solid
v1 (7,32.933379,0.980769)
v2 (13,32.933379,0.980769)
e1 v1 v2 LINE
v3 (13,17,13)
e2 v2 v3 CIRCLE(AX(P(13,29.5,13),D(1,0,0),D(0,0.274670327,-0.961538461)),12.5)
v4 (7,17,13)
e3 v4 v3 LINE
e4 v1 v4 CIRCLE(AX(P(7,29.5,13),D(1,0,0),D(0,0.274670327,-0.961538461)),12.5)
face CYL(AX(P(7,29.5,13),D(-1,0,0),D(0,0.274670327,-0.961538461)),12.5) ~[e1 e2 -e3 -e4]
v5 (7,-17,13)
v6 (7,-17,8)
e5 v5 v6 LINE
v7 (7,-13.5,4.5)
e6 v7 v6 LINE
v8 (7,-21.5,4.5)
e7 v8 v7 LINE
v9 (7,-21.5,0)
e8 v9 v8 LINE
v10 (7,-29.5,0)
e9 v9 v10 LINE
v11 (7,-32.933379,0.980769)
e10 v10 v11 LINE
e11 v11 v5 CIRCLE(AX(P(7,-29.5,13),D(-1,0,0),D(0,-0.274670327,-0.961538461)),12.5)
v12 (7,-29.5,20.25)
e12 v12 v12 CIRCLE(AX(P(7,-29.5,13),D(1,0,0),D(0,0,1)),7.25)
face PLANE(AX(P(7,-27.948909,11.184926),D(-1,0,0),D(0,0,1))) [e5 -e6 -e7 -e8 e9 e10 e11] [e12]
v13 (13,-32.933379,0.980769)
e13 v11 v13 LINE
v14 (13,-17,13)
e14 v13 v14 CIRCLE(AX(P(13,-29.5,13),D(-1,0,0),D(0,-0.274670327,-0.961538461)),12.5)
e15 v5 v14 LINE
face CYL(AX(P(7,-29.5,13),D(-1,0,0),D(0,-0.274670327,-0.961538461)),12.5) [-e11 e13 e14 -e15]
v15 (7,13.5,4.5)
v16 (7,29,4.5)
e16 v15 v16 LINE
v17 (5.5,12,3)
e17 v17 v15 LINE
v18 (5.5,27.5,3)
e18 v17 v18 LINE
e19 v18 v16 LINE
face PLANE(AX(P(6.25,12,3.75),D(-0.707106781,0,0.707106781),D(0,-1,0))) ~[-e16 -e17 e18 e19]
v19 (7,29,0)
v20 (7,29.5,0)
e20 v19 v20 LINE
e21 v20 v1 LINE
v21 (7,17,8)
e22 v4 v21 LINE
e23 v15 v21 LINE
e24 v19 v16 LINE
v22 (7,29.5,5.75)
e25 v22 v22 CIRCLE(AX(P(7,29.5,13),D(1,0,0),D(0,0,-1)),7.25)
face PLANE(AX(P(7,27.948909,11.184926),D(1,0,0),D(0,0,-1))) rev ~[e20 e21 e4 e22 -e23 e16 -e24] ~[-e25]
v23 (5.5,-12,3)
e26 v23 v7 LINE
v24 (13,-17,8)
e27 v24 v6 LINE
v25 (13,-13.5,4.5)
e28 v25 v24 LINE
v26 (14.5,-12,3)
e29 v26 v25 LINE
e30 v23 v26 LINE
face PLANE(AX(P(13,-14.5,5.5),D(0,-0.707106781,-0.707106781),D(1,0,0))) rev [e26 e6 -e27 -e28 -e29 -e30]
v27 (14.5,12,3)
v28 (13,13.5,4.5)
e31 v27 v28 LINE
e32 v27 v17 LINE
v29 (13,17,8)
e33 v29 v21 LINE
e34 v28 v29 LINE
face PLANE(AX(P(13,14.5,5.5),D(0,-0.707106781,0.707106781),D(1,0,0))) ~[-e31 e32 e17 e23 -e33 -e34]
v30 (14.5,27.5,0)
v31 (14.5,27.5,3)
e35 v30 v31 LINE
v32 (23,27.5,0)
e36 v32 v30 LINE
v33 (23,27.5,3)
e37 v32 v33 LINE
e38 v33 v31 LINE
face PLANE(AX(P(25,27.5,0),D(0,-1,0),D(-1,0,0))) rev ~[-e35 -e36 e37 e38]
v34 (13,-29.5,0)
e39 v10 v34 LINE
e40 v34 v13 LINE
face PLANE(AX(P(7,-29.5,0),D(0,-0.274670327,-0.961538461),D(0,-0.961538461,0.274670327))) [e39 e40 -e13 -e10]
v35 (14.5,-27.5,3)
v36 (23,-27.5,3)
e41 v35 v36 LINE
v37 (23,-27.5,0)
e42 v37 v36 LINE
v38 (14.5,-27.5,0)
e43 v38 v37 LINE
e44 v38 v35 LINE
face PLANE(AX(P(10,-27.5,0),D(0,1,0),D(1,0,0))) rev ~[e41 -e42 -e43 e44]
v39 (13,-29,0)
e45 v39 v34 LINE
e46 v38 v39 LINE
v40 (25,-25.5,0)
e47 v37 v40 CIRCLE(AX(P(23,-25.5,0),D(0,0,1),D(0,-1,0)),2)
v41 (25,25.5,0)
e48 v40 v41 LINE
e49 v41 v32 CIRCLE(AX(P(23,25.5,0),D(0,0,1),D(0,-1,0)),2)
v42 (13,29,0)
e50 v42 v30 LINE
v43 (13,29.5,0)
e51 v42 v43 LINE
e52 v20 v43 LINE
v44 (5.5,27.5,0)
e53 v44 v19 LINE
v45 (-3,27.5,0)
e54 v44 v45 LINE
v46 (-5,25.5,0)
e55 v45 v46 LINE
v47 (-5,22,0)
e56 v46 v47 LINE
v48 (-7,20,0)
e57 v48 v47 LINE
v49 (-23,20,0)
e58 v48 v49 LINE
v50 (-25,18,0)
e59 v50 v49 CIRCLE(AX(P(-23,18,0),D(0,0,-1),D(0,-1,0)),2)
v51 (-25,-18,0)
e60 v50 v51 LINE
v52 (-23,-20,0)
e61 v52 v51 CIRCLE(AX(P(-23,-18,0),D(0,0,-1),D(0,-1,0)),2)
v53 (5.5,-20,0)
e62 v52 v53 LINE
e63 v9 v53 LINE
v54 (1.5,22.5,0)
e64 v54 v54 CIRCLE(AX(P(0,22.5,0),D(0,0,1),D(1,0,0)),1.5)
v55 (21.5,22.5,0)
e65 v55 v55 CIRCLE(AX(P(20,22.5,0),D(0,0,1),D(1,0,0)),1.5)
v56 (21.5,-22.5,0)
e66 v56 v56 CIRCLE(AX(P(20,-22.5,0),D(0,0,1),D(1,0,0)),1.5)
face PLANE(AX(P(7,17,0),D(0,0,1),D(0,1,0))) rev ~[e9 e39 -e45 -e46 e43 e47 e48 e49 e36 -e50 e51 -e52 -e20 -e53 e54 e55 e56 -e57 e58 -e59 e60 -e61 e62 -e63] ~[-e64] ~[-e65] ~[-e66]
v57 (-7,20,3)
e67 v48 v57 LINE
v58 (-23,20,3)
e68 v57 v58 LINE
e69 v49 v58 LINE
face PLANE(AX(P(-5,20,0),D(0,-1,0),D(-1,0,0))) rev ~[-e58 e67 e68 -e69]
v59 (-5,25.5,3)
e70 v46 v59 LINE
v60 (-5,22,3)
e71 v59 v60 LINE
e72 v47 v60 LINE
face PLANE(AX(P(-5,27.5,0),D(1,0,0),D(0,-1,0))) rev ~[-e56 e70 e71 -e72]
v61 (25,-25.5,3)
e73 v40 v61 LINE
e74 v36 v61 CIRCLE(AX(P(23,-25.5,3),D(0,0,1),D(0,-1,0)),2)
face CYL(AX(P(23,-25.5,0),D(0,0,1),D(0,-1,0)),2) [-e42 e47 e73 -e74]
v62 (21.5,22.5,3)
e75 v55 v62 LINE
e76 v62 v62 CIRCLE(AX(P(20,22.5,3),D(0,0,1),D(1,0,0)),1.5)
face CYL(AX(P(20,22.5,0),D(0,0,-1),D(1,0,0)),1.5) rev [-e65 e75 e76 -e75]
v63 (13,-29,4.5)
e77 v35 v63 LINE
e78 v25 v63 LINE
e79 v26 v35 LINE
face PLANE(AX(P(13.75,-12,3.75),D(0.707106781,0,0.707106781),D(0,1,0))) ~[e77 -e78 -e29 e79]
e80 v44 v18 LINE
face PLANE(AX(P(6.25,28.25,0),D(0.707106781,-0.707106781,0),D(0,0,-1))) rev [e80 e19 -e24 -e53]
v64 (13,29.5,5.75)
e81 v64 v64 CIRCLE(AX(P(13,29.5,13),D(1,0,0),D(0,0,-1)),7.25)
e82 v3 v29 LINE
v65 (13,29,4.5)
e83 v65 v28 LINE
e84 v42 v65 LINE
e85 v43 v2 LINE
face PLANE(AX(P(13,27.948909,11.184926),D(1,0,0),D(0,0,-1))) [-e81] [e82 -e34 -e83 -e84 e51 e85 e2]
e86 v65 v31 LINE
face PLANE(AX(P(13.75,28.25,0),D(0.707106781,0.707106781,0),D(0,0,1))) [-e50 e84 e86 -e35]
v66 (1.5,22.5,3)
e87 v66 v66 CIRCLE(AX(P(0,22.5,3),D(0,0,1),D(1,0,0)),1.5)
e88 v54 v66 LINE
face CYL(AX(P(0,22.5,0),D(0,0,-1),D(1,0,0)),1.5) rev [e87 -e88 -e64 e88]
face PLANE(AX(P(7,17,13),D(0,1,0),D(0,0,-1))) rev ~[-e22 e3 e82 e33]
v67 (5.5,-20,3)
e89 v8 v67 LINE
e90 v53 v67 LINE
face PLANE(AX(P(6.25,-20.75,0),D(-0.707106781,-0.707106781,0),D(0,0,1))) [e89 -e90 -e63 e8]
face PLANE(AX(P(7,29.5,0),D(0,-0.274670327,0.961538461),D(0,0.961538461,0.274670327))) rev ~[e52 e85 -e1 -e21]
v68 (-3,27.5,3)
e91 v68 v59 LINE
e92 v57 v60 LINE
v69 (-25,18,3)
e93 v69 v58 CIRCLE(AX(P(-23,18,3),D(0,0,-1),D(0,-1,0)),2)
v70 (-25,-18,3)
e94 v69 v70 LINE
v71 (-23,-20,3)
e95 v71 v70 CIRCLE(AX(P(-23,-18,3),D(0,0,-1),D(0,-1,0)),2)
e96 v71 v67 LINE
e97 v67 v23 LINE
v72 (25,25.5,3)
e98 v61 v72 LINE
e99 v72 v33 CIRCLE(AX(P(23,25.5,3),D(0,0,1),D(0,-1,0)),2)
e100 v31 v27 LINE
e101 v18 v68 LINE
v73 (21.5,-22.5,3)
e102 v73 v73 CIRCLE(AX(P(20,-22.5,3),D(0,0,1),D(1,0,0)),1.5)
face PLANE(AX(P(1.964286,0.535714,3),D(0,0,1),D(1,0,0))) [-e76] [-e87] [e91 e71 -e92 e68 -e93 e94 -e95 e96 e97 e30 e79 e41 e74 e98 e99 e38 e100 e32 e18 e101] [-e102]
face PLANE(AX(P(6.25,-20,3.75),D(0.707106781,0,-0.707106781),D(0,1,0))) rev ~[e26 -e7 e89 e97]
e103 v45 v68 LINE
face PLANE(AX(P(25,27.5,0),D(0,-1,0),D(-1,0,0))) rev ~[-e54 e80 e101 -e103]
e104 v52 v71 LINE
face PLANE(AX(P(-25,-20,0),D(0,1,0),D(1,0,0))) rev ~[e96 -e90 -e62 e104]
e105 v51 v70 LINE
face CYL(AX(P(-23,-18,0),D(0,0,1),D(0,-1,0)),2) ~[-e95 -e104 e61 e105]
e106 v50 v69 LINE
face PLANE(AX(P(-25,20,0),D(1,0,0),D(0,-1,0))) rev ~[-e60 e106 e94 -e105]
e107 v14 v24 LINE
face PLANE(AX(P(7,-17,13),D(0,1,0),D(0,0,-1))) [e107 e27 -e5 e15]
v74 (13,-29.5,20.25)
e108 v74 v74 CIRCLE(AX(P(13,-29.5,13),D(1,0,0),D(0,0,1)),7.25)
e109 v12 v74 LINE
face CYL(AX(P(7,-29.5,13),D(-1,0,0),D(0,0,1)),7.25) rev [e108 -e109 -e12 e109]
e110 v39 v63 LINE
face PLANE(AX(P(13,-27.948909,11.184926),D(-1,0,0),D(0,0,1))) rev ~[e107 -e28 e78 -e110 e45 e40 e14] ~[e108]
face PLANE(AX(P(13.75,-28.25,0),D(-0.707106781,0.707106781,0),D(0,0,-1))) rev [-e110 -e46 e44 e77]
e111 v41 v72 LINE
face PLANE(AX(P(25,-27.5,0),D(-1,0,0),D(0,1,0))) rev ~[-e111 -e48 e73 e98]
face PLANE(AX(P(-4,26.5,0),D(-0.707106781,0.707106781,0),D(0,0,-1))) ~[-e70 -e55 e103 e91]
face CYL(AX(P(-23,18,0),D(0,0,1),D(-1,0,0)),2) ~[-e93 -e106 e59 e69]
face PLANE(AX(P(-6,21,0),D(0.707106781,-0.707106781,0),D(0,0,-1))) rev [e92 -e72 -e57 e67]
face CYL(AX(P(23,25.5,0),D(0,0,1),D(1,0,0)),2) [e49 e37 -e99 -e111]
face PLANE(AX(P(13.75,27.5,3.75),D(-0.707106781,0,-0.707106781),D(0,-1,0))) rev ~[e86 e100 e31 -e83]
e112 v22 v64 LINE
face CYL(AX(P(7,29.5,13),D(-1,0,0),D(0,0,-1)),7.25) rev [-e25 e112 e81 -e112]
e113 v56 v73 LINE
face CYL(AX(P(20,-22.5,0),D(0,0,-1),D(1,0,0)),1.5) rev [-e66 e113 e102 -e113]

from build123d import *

# Parameters (mm, degrees)
SKETCH1_R           = 1.5
BOSS_EXTRUDE1_DEPTH = 3
FILLET1_R           = 2
BOSS_EXTRUDE2_START = 7
SKETCH2_R           = 7.25
BOSS_EXTRUDE2_DEPTH = 6
CHAMFER1_SIZE       = 2
CHAMFER2_SIZE       = 5
CHAMFER3_SIZE       = 1.5


with BuildPart() as part:
    # Sketch1 → Boss-Extrude1 (new body)
    with BuildSketch(Plane.XY):
        Polygon((10, -27.5), (25, -27.5), (25, 27.5), (-5, 27.5), (-5, 20), (-25, 20), (-25, -20), (10, -20), align=None)
        with Locations((0, 22.5)):
            Circle(SKETCH1_R, mode=Mode.SUBTRACT)
        with Locations((20, 22.5)):
            Circle(SKETCH1_R, mode=Mode.SUBTRACT)
        with Locations((20, -22.5)):
            Circle(SKETCH1_R, mode=Mode.SUBTRACT)
    extrude(amount=BOSS_EXTRUDE1_DEPTH)

    # Fillet1
    fillet1_edges = [part.edges().sort_by_distance(p)[0] for p in [
        (25, -27.5, 1.5),
        (-25, -20, 1.5),
        (-25, 20, 1.5),
        (25, 27.5, 1.5),
    ]]
    fillet(fillet1_edges, radius=FILLET1_R)

    # Sketch2 → Boss-Extrude2 (add)
    # profile 1 of 2: a face of its own
    with BuildSketch(Plane(origin=(0, 0, 0), x_dir=(0, 0, -1), z_dir=(1, 0, 0)).offset(BOSS_EXTRUDE2_START)):
        with BuildLine():
            Line((-13, 17), (0, 17))
            Line((0, 17), (0, 29.500000036))
            Line((0, 29.500000036), (-0.98076924, 32.933379086))
            ThreePointArc((-0.98076924, 32.933379086), (-22.979159247, 37.027707534), (-13, 17))
        make_face()
        with Locations((-13, 29.5)):
            Circle(SKETCH2_R, mode=Mode.SUBTRACT)
    # profile 2 of 2: a face of its own
    with BuildSketch(Plane(origin=(0, 0, 0), x_dir=(0, 0, -1), z_dir=(1, 0, 0)).offset(BOSS_EXTRUDE2_START)):
        with BuildLine():
            Line((0, -29.500000036), (-0.98076924, -32.933379086))
            ThreePointArc((-0.98076924, -32.933379086), (-22.979159247, -37.027707534), (-13, -17))
            Line((-13, -17), (0, -17))
            Line((0, -17), (0, -29.500000036))
        make_face()
        with Locations(Location((-13, -29.5, 0), (0, 0, 180))):
            Circle(SKETCH2_R, mode=Mode.SUBTRACT)
    extrude(amount=BOSS_EXTRUDE2_DEPTH)

    # Chamfer1
    chamfer1_edges = [part.edges().sort_by_distance(p)[0] for p in [
        (-5, 20, 1.5),
        (-5, 27.5, 1.5),
    ]]
    chamfer(chamfer1_edges, length=CHAMFER1_SIZE)

    # Chamfer2
    chamfer2_edges = [part.edges().sort_by_distance(p)[0] for p in [
        (10, -17, 3),
        (10, 17, 3),
    ]]
    chamfer(chamfer2_edges, length=CHAMFER2_SIZE)

    # Chamfer3
    chamfer3_edges = [part.edges().sort_by_distance(p)[0] for p in [
        (13, -27.5, 1.5),
        (7, -20, 1.5),
        (13, -19.75, 3),
        (7, -16, 3),
        (7, 27.5, 1.5),
        (13, 27.5, 1.5),
        (7, 19.75, 3),
        (13, 19.75, 3),
    ]]
    chamfer(chamfer3_edges, length=CHAMFER3_SIZE)


solid = part.part
